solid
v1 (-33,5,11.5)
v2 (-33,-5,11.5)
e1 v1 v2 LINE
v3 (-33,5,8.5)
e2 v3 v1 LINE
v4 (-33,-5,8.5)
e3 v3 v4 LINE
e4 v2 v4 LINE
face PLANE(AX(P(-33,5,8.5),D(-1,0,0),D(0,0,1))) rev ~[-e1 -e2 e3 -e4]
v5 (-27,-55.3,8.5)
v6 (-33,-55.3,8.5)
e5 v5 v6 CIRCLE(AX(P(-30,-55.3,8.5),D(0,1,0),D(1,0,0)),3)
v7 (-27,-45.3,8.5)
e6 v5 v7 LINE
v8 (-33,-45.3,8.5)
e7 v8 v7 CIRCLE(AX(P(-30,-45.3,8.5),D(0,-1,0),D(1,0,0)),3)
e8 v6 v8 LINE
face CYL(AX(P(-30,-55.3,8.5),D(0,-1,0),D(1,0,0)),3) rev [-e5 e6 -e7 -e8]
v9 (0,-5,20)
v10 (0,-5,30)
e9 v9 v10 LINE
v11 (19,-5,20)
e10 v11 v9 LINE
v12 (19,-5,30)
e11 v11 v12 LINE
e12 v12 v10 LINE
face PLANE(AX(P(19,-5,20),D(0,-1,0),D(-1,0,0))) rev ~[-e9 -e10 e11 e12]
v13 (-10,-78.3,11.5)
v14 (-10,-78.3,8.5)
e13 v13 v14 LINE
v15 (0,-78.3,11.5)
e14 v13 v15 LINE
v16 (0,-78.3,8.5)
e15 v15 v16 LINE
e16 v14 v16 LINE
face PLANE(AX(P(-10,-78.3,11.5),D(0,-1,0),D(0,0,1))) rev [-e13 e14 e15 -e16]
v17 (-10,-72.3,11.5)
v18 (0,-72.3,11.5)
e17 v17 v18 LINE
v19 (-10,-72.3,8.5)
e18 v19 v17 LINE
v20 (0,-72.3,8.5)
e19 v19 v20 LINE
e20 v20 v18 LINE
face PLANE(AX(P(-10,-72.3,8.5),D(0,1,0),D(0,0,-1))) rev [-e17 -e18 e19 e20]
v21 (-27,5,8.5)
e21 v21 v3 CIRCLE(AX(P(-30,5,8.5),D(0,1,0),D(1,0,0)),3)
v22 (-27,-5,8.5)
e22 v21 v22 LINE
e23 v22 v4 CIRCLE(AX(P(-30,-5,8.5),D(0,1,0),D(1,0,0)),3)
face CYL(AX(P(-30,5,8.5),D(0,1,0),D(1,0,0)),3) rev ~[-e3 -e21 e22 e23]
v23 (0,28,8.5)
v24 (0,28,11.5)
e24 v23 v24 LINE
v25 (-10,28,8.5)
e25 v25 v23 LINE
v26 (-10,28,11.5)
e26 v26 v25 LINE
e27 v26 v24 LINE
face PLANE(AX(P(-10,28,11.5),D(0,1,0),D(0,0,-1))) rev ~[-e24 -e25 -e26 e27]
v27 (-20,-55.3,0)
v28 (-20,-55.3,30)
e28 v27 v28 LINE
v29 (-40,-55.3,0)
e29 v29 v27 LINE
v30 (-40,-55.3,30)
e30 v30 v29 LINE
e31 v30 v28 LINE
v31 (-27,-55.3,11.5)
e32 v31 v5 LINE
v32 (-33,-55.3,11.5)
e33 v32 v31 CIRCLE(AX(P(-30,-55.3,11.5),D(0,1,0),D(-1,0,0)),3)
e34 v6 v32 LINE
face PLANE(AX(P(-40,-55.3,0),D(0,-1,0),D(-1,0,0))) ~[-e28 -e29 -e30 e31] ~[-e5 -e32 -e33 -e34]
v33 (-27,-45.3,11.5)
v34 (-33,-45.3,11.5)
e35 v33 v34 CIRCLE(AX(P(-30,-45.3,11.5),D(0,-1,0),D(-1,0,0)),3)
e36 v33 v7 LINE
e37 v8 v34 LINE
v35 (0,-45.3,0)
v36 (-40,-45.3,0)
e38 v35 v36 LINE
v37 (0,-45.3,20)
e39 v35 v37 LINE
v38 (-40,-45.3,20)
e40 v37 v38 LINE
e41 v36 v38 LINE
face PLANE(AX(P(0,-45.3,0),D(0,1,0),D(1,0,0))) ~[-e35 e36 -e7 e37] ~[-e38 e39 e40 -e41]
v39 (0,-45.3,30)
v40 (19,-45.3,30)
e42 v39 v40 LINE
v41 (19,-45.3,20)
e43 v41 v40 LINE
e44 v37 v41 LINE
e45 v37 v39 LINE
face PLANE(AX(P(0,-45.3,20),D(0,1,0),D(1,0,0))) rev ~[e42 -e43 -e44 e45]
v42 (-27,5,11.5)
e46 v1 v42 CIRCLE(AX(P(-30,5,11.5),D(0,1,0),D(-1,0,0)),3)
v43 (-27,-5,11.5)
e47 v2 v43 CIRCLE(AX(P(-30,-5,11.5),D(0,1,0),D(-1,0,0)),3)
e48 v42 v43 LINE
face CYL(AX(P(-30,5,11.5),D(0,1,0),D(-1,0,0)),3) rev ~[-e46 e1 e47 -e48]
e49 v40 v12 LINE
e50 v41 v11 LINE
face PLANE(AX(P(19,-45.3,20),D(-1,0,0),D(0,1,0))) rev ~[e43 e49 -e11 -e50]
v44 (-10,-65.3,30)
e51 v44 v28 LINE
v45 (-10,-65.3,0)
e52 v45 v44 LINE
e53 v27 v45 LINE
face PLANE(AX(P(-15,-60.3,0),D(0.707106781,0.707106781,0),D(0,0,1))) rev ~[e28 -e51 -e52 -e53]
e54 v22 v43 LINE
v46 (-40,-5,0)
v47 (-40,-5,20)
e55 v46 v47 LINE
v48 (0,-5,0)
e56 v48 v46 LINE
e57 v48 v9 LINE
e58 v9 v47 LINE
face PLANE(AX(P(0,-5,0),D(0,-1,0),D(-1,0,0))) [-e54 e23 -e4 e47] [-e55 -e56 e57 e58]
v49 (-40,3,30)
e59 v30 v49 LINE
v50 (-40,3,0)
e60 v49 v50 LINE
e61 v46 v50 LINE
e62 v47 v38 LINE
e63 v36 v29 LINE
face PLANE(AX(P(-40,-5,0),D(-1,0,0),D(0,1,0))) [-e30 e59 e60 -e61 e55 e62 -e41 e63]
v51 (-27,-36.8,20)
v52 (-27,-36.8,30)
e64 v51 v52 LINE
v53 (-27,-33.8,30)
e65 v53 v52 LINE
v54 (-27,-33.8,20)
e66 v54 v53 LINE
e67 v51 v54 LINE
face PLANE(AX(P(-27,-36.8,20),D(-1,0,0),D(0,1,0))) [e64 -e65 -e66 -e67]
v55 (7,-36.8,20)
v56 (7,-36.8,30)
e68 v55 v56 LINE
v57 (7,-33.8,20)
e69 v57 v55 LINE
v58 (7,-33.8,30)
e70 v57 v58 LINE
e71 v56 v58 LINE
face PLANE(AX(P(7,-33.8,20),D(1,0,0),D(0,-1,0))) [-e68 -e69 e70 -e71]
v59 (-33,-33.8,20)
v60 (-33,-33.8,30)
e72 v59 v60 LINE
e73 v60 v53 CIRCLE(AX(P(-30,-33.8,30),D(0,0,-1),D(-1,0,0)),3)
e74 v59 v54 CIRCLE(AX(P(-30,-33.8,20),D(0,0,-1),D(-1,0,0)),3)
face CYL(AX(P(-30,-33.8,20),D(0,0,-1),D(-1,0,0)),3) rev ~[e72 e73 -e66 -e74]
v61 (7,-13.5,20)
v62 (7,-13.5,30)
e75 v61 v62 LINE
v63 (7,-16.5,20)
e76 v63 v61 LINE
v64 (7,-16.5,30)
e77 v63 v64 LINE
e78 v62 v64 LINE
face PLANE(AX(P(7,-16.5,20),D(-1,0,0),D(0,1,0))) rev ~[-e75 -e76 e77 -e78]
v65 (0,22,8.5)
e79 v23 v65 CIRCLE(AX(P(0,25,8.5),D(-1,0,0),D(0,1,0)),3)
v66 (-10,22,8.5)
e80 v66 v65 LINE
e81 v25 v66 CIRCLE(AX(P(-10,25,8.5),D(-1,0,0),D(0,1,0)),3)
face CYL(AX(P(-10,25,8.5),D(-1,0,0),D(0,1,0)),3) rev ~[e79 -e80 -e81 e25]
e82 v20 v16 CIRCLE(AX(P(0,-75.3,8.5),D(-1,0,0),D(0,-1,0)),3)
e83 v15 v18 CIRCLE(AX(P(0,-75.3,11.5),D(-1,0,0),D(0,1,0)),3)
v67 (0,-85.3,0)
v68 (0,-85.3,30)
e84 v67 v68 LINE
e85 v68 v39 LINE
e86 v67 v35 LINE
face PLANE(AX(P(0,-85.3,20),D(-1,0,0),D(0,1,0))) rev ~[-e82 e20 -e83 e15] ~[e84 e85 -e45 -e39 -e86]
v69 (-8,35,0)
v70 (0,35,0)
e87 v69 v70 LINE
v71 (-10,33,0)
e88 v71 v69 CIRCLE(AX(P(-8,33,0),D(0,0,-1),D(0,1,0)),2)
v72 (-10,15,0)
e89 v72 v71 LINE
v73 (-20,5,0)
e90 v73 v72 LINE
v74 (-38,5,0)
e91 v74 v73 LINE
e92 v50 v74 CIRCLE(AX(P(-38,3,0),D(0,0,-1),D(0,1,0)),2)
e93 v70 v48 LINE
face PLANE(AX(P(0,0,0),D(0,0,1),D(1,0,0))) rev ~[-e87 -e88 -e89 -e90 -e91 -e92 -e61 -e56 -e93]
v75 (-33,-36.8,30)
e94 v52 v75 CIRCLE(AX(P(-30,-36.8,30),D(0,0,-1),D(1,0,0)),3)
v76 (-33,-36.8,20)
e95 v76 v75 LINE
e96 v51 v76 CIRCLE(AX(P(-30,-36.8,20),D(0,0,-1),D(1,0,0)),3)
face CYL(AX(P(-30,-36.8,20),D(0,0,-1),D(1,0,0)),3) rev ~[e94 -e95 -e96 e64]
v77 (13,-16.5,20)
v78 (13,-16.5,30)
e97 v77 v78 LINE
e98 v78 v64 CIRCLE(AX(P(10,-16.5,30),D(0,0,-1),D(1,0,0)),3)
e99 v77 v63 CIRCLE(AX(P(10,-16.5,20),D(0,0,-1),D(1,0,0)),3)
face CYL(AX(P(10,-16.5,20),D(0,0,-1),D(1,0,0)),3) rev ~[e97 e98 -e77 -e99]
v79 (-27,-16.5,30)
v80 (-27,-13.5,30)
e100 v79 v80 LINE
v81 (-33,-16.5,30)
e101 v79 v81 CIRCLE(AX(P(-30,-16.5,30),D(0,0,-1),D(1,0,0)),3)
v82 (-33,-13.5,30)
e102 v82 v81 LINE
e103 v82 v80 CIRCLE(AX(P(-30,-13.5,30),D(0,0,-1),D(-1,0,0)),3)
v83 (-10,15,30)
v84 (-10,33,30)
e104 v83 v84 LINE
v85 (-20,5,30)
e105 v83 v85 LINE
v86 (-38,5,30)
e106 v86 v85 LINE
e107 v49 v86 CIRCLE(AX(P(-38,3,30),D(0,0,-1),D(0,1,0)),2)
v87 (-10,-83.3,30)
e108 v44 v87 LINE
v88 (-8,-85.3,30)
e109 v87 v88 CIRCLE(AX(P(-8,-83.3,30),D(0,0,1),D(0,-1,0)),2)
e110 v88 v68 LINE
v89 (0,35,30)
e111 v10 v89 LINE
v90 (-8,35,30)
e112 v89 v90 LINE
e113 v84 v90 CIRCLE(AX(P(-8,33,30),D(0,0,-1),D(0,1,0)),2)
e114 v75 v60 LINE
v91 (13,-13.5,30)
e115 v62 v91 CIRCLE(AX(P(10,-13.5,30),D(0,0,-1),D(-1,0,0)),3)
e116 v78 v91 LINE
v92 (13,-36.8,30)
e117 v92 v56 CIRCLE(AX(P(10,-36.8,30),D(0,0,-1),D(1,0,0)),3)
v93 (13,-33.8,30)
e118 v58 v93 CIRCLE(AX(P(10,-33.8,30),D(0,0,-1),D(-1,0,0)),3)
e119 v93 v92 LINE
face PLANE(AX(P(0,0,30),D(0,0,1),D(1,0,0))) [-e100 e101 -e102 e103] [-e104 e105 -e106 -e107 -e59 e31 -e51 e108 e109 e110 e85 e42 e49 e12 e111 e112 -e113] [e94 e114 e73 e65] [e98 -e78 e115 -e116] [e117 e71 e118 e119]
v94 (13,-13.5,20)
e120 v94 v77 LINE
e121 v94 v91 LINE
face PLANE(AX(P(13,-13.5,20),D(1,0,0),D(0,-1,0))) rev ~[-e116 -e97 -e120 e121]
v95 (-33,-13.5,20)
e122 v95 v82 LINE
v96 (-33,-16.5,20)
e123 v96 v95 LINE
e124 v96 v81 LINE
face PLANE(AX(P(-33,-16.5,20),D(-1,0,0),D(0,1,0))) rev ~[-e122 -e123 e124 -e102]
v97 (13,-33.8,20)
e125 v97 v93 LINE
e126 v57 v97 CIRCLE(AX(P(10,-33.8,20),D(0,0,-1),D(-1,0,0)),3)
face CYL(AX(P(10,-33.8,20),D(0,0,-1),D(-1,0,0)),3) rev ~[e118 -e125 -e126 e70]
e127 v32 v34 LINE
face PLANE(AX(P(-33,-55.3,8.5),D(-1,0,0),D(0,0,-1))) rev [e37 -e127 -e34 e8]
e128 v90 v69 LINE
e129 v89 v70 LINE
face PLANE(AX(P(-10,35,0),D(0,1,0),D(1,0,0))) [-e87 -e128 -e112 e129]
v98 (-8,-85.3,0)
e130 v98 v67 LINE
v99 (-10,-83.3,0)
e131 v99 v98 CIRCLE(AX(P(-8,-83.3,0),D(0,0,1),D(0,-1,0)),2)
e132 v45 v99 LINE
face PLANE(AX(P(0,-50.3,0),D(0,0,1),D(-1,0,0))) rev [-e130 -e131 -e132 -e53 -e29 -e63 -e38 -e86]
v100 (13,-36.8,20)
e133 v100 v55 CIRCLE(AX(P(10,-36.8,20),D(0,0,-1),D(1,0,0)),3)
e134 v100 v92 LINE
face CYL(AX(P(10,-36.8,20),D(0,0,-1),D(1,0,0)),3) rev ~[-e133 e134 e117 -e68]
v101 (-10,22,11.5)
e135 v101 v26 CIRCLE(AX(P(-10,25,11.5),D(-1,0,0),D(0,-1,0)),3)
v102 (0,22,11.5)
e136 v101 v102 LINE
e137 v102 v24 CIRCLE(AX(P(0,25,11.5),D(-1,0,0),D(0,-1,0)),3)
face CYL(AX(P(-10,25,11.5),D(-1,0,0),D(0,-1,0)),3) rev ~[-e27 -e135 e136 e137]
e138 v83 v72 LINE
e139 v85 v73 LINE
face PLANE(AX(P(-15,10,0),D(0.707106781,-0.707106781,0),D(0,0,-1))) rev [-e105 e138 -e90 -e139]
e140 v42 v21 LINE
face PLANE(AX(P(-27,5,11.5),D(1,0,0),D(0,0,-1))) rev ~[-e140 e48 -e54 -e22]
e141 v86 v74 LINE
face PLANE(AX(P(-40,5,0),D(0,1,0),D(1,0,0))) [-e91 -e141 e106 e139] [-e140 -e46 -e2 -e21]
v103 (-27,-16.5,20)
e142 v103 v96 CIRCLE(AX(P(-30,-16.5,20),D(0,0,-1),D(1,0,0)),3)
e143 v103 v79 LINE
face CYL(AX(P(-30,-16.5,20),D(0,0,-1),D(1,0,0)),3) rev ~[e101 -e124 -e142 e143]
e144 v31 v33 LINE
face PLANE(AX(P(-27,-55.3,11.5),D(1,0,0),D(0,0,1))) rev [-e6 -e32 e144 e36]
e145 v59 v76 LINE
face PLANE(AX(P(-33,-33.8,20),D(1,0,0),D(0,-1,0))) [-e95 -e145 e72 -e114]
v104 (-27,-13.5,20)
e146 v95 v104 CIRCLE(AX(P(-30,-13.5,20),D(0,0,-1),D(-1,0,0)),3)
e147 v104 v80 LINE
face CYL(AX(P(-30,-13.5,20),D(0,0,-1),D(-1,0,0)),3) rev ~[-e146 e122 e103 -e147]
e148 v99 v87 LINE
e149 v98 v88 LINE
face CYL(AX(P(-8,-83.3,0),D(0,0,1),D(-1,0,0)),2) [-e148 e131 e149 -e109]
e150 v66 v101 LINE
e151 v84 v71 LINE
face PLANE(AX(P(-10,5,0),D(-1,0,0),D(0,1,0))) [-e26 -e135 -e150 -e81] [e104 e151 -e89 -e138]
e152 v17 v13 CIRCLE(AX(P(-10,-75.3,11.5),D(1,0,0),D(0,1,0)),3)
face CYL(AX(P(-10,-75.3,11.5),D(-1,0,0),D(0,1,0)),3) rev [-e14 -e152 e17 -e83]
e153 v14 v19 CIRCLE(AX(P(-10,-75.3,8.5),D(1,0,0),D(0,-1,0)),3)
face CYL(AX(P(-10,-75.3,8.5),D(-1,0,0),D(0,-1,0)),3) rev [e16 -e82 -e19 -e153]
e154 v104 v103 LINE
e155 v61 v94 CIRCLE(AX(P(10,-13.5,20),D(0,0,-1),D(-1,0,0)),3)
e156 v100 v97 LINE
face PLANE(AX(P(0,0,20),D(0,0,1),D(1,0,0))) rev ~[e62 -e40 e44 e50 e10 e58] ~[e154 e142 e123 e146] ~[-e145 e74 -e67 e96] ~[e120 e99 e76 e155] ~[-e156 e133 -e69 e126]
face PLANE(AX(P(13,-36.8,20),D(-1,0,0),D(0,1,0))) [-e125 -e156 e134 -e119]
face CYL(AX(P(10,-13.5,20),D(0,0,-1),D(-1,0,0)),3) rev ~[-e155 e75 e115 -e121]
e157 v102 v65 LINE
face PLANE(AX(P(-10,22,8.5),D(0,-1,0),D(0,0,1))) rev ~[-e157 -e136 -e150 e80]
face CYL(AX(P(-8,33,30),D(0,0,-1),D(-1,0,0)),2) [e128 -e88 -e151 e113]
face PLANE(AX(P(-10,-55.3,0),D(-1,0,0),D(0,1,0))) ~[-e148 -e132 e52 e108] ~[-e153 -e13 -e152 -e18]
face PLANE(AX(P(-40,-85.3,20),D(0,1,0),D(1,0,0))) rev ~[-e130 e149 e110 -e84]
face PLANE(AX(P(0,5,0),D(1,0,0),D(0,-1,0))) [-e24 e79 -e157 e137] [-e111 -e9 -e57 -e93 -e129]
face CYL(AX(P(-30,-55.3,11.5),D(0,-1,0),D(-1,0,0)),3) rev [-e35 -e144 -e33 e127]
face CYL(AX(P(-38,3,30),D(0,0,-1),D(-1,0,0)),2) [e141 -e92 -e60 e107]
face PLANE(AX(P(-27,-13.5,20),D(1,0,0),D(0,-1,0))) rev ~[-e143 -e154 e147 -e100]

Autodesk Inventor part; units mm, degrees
ref_plane "YZ Plane" through (0, 0, 0) normal (1, 0, 0) x (0, 1, 0)
ref_plane "XZ Plane" through (0, 0, 0) normal (0, 1, 0) x (-1, 0, 0)
sketch "Sketch1" plane through (0, 0, 0) normal (0, 0, 1) x (1, 0, 0)
  line L0 (-40, 5) -> (0, 5)
  line L1 (0, 5) -> (0, -5)
  line L2 (0, -5) -> (-40, -5)
  line L3 (-40, -5) -> (-40, 5)
  line L4 (-10, 35) -> (0, 35)
  line L5 (0, 35) -> (0, 5)
  line L6 (0, 5) -> (-10, 5)
  line L7 (-10, 5) -> (-10, 35)
  point P0 (0, 0)
  point P1 (0, 5)
  dimension "d0" = 10
  dimension "d1" = 40
  dimension "d2" = 40
extrude "Extrusion1" add sketch "Sketch1" along normal blind 20
sketch "Sketch2" plane through (-10, 5, 0) normal (-1, 0, 0) x (0, 0, 1)
  line L0 (8.5, 20) -> (11.5, 20) construction
  line L1 (8.5, 17) -> (11.5, 17)
  line L2 (11.5, 23) -> (8.5, 23)
  arc A0 (8.5, 23) -> (8.5, 17) centre (8.5, 20) ccw
  arc A1 (11.5, 17) -> (11.5, 23) centre (11.5, 20) ccw
  line L3 (0, 30) -> (0, 0) projected
  line L4 (0, 30) -> (20, 30) projected
  line L5 (10, 21.547) -> (10, 15) construction
  line L6 (11.5, 20) -> (8.5, 20) construction
  line L7 (11.5, 17) -> (8.5, 17)
  line L8 (8.5, 23) -> (11.5, 23)
  arc A2 (11.5, 17) -> (11.5, 23) centre (11.5, 20) ccw
  arc A3 (8.5, 23) -> (8.5, 17) centre (8.5, 20) ccw
  point P0 (0, -5)
  point P1 (10, 20)
  point P2 (10, 18.2735)
  point P3 (10, 30)
  point P4 (10, 20)
  dimension "d5" = 6
  dimension "d6" = 3
  dimension "d7" = 10
  dimension "d8" = 10
extrude "Extrusion2" cut sketch "Sketch2" against normal through all
sketch "Sketch3" plane through (-40, 5, 0) normal (0, 1, 0) x (1, 0, 0)
  line L0 (10, -8.5) -> (10, -11.5) construction
  line L1 (7, -8.5) -> (7, -11.5)
  line L2 (13, -11.5) -> (13, -8.5)
  arc A0 (13, -8.5) -> (7, -8.5) centre (10, -8.5) ccw
  arc A1 (7, -11.5) -> (13, -11.5) centre (10, -11.5) ccw
  line L3 (30, 0) -> (0, 0) projected
  line L4 (0, 0) -> (0, -20) projected
  line L5 (15.2557, -10) -> (9.287, -10) construction
  line L6 (10, -11.5) -> (10, -8.5) construction
  line L7 (7, -11.5) -> (7, -8.5)
  line L8 (13, -8.5) -> (13, -11.5)
  arc A2 (7, -11.5) -> (13, -11.5) centre (10, -11.5) ccw
  arc A3 (13, -8.5) -> (7, -8.5) centre (10, -8.5) ccw
  point P0 (40, 0)
  point P1 (10, -10)
  point P2 (12.2713, -10)
  point P3 (0, -10)
  point P4 (10, -10)
  dimension "d11" = 3
  dimension "d12" = 6
  dimension "d13" = 10
  dimension "d14" = 10
extrude "Extrusion3" cut sketch "Sketch3" against normal through all
chamfer "Chamfer1" distance 10 angle 45 1 edges at (-10, 5, 10)
sketch "Sketch10" plane through (0, 0, 20) normal (0, 0, 1) x (1, 0, 0)
  line L0 (-40, -85.3) -> (0, -85.3)
  line L1 (0, -85.3) -> (0, 35)
  line L2 (0, 35) -> (-40, 35)
  line L3 (-40, 35) -> (-40, -85.3)
  line L4 (-40, 5) -> (-40, -5) projected
  line L5 (0, 35) -> (-10, 35) projected
  line L6 (0, -5) -> (0, 35) projected
  line L7 (-40, -5) -> (0, -5) projected
  line L8 (0, -45.3) -> (19, -45.3)
  line L9 (19, -45.3) -> (19, -5)
  line L10 (19, -5) -> (0, -5)
  line L11 (0, -5) -> (0, -45.3)
  point P0 (0, 0)
  dimension "d30" = 80.3
  dimension "d31" = 120.3
  dimension "d37" = 40.3
  dimension "d38" = 19
extrude "Extrusion7" add sketch "Sketch10" along normal blind 10
ref_plane "Work Plane2" through (-10, -25.15, 0) normal (0, 1, 0) x (1, 0, 0)
mirror "Mirror2" about plane through (-10, -25.15, 0) normal (0, 1, 0) of "Extrusion1", "Extrusion2", "Extrusion3", "Chamfer1"
sketch "Sketch11" plane through (0, 0, 20) normal (0, 0, -1) x (-1, 0, 0)
  line L0 (10, 35) -> (10, 15) projected
  line L1 (20, 5) -> (10, 15) projected
  line L2 (20, 5) -> (40, 5) projected
  line L3 (40, 35) -> (40, 5) projected
  line L4 (10, 35) -> (40, 35) projected
  point P0 (0, 0)
extrude "Extrusion8" cut sketch "Sketch11" against normal through all
mirror "Mirror3" about plane through (-10, -25.15, 0) normal (0, 1, 0) of "Extrusion8"
sketch "Sketch12" plane through (0, 0, 20) normal (0, 0, -1) x (-1, 0, 0)
  line L0 (30, -13.5) -> (30, -16.5) construction
  line L1 (27, -13.5) -> (27, -16.5)
  line L2 (33, -16.5) -> (33, -13.5)
  arc A0 (33, -13.5) -> (27, -13.5) centre (30, -13.5) ccw
  arc A1 (27, -16.5) -> (33, -16.5) centre (30, -16.5) ccw
  line L3 (40, -5) -> (40, -45.3) projected
  line L4 (40, -5) -> (0, -5) projected
  line L5 (-10, -13.5) -> (-10, -16.5) construction
  line L6 (-13, -13.5) -> (-13, -16.5)
  line L7 (-7, -16.5) -> (-7, -13.5)
  arc A2 (-7, -13.5) -> (-13, -13.5) centre (-10, -13.5) ccw
  arc A3 (-13, -16.5) -> (-7, -16.5) centre (-10, -16.5) ccw
  line L8 (-19, -45.3) -> (-19, -5) projected
  line L9 (33, -25.15) -> (24.6871, -25.15) construction
  line L10 (30, -36.8) -> (30, -33.8) construction
  line L11 (27, -36.8) -> (27, -33.8)
  line L12 (33, -33.8) -> (33, -36.8)
  arc A4 (27, -36.8) -> (33, -36.8) centre (30, -36.8) ccw
  arc A5 (33, -33.8) -> (27, -33.8) centre (30, -33.8) ccw
  line L13 (-10, -36.8) -> (-10, -33.8) construction
  line L14 (-13, -36.8) -> (-13, -33.8)
  line L15 (-7, -33.8) -> (-7, -36.8)
  arc A6 (-13, -36.8) -> (-7, -36.8) centre (-10, -36.8) ccw
  arc A7 (-7, -33.8) -> (-13, -33.8) centre (-10, -33.8) ccw
  point P0 (0, 0)
  point P1 (30, -15)
  point P2 (-10, -15)
  point P3 (28.8435, -25.15)
  point P4 (40, -25.15)
  point P5 (30, -35.3)
  point P6 (-10, -35.3)
  dimension "d39" = 3
  dimension "d40" = 10
  dimension "d41" = 10
  dimension "d42" = 6
  dimension "d43" = 9
extrude "Extrusion9" cut sketch "Sketch12" against normal through all
fillet "Fillet2" radius 2 3 edges at (-40, 5, 15) (-10, 35, 15) (-10, -85.3, 15)
equation "\"d2\" = d1"
properties part number "0008-10-031 Suport L + placa" material "ABS Plastic"
